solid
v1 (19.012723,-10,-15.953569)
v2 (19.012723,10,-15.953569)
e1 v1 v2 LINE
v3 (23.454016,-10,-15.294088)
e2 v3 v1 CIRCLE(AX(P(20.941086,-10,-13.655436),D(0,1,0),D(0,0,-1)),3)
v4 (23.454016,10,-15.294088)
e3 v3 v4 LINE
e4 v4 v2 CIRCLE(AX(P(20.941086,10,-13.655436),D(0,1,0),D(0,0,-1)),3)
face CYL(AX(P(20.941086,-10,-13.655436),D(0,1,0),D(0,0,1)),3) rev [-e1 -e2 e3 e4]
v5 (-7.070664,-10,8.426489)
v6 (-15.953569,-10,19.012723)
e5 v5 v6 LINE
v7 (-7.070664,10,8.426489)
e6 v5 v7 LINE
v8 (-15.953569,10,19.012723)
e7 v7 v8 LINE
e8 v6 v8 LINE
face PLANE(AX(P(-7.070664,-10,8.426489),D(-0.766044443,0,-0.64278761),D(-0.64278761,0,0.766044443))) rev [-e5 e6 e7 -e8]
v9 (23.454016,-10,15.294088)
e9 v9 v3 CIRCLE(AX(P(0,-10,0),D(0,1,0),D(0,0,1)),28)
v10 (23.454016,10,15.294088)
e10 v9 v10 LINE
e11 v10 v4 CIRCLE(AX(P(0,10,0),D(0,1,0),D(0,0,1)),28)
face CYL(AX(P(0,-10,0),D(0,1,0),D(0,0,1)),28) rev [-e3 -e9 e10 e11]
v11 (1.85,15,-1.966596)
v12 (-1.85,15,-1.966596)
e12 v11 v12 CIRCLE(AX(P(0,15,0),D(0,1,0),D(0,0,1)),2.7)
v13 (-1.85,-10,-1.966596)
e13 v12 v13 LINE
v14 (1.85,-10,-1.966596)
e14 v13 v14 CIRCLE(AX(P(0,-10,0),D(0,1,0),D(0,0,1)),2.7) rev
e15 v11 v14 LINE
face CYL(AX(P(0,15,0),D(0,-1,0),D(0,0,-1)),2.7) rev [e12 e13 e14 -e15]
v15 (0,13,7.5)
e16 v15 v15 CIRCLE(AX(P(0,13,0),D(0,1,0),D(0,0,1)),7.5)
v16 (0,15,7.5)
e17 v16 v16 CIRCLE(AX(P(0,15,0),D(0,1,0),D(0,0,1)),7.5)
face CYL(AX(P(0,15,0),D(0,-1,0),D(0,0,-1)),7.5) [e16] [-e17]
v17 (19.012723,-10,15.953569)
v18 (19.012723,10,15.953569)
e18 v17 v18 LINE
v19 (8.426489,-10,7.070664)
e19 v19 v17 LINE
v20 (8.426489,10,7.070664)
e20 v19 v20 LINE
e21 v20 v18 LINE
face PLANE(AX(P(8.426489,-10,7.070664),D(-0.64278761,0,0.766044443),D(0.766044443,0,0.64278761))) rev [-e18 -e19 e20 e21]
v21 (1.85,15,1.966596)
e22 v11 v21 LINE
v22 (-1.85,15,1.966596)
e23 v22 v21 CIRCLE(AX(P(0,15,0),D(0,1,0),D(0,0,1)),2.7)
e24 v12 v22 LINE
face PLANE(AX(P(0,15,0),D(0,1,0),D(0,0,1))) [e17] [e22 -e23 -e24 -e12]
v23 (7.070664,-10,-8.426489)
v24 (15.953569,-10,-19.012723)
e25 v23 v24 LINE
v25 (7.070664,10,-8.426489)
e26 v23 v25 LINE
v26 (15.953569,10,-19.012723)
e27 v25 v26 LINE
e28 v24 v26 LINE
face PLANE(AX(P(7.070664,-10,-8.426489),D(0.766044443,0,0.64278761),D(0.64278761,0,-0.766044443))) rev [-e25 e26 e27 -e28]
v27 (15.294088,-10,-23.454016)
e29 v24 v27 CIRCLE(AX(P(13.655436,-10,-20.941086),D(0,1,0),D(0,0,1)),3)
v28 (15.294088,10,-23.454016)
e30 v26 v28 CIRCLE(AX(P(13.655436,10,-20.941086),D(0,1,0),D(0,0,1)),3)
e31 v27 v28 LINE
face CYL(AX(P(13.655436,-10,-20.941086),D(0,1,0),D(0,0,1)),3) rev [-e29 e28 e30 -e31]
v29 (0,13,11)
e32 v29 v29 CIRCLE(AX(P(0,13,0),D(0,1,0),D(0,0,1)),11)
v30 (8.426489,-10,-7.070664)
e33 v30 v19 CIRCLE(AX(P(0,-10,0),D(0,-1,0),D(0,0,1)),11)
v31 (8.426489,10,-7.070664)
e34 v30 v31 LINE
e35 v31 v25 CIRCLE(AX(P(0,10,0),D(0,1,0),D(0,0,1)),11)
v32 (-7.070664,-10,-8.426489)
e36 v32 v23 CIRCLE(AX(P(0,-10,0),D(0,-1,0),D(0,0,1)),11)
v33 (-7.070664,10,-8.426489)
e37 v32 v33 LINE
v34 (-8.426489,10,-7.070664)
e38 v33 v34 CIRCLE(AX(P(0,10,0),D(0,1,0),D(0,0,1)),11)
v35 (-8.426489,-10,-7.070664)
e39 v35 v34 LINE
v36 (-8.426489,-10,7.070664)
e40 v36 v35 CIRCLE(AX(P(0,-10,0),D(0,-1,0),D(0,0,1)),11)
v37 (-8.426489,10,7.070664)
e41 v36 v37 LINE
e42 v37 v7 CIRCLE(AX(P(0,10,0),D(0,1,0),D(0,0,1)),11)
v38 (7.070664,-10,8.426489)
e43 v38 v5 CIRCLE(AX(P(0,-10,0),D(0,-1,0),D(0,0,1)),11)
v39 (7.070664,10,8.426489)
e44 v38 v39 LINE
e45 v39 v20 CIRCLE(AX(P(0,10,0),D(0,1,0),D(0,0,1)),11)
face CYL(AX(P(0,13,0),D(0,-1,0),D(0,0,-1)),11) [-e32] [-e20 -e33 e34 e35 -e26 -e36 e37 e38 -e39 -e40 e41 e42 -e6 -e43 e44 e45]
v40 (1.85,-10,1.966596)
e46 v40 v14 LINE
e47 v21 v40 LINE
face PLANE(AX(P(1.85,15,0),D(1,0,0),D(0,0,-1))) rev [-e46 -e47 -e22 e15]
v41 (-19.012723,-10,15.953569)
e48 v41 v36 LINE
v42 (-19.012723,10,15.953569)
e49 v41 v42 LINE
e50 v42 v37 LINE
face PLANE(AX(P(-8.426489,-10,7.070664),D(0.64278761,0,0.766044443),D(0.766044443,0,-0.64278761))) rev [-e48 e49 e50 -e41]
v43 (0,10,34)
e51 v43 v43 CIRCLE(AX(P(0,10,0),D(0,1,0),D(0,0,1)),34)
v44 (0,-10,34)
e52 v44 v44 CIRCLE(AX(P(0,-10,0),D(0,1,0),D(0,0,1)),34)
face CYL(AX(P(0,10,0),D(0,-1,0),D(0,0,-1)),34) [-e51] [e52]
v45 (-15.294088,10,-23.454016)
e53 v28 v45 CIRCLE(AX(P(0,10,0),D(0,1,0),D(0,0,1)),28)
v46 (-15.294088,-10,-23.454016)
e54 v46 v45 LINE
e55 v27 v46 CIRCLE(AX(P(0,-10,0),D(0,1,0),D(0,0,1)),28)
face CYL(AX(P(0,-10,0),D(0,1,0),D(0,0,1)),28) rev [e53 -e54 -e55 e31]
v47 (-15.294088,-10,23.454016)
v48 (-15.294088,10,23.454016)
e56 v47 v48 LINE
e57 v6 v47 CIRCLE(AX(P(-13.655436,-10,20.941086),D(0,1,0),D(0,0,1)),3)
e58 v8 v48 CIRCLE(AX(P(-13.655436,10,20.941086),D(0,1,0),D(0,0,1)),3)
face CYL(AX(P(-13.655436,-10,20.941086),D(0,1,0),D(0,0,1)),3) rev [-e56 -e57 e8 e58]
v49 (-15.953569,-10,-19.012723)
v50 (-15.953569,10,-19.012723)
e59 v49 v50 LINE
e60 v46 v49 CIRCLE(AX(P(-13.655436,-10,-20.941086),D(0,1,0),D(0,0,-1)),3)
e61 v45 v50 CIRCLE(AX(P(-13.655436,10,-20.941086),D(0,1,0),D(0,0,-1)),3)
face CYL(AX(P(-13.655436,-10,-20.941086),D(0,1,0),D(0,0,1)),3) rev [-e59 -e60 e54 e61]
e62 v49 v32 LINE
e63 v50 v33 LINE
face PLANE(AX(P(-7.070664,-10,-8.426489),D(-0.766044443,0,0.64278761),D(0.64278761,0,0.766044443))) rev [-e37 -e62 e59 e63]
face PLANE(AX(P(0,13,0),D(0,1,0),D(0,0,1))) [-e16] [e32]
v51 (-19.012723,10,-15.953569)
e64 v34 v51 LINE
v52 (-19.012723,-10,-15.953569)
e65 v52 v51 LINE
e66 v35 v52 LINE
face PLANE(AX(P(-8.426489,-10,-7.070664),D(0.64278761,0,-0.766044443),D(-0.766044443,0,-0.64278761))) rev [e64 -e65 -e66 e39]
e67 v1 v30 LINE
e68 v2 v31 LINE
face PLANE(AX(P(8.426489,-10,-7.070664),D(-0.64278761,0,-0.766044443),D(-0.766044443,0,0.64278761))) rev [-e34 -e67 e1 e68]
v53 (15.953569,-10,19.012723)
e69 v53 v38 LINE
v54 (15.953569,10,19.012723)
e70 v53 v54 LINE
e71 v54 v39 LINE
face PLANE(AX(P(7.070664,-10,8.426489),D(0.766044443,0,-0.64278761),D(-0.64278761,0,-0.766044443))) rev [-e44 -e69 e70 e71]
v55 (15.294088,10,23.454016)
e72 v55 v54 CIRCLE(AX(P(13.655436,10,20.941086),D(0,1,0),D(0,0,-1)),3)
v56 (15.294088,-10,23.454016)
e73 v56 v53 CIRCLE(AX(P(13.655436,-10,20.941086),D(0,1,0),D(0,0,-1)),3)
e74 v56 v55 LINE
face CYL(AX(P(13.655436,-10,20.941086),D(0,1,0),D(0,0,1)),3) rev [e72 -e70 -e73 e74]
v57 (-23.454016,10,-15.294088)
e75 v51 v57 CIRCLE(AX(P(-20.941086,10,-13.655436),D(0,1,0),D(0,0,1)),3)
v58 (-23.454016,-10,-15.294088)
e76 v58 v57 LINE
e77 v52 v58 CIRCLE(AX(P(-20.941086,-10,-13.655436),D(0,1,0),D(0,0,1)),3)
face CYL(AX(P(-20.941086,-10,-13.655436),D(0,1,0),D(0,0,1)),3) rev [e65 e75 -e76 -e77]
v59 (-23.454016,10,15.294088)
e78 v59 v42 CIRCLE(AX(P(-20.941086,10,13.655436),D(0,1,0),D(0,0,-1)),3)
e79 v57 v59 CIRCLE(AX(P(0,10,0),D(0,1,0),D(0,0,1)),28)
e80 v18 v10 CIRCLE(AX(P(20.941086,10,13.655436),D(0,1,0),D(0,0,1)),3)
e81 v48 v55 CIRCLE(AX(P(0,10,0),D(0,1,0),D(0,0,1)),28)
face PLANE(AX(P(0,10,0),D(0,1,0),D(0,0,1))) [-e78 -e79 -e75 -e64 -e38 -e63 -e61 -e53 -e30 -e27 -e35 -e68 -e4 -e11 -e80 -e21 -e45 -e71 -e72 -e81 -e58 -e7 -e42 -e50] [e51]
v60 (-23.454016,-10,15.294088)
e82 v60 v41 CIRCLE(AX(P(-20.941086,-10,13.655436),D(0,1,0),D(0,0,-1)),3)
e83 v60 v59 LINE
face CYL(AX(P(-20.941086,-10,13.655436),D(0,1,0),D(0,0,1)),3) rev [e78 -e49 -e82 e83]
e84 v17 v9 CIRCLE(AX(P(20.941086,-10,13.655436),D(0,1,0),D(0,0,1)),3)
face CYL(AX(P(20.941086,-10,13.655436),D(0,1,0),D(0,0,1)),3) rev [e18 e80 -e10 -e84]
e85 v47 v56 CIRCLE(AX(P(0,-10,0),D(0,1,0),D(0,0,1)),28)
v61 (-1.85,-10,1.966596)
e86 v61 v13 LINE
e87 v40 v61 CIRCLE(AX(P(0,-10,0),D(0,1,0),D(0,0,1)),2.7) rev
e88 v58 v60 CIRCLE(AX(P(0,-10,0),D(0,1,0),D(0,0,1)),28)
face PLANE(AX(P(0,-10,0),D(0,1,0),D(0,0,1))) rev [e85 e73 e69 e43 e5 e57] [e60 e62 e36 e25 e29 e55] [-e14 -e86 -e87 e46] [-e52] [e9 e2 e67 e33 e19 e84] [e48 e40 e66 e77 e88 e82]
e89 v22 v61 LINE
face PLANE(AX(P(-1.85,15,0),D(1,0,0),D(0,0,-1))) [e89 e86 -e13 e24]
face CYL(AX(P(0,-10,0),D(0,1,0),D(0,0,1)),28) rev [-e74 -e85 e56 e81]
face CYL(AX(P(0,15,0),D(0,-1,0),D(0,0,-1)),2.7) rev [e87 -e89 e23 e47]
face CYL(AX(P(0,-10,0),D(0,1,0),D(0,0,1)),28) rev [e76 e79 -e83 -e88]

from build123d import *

# Parameters (mm, degrees)
SKETCH_1_R          = 34
SKETCH_1_R_2        = 11
EXTRUDE_1_DEPTH     = 10
SKETCH_1_3_R        = 11
SKETCH_1_3_R_2      = 7.5
EXTRUDE_2_DEPTH     = 13
SKETCH_1_4_R        = 7.5
SKETCH_1_4_R_2      = 2.7
EXTRUDE_3_DEPTH     = 15
EXTRUDE_START       = -10
SKETCH_1_6_R        = 11
SKETCH_1_6_R_2      = 7.5
SKETCH_1_6_R_3      = 2.7
EXTRUDE_4_DEPTH     = 10
CUT_EXTRUDE_1_DEPTH = 53.076866265


with BuildPart() as part:
    # 草图1 → 凸台-拉伸1 (new, symmetric)
    with BuildSketch(Plane(origin=(0, 0, 0), x_dir=(1, 0, 0), z_dir=(0, 1, 0))):
        with Locations(Location((0, 0, 0), (0, 0, 270))):
            Circle(SKETCH_1_R)
        with Locations(Location((0, 0, 0), (0, 0, 270))):
            Circle(SKETCH_1_R_2, mode=Mode.SUBTRACT)
    extrude(amount=EXTRUDE_1_DEPTH, both=True)

    # 草图1<3> → 凸台-拉伸2 (add)
    with BuildSketch(Plane(origin=(0, 0, 0), x_dir=(1, 0, 0), z_dir=(0, 1, 0))):
        with Locations(Location((0, 0, 0), (0, 0, 270))):
            Circle(SKETCH_1_3_R)
        with Locations(Location((0, 0, 0), (0, 0, 90))):
            Circle(SKETCH_1_3_R_2, mode=Mode.SUBTRACT)
    extrude(amount=EXTRUDE_2_DEPTH)

    # 草图1<4> → 凸台-拉伸3 (add)
    # profile 1 of 3: a face of its own
    with BuildSketch(Plane(origin=(0, 0, 0), x_dir=(1, 0, 0), z_dir=(0, 1, 0))):
        with Locations(Location((0, 0, 0), (0, 0, 270))):
            Circle(SKETCH_1_4_R)
        Circle(SKETCH_1_4_R_2, mode=Mode.SUBTRACT)
    # profile 2 of 3: a face of its own
    with BuildSketch(Plane(origin=(0, 0, 0), x_dir=(1, 0, 0), z_dir=(0, 1, 0))):
        with BuildLine():
            ThreePointArc((2.7, 0), (2.478406746, 1.071214264), (1.85, 1.966596044))
            Line((1.85, 1.966596044), (1.85, -1.966596044))
            ThreePointArc((1.85, -1.966596044), (2.478406746, -1.071214264), (2.7, 0))
        make_face()
    # profile 3 of 3: a face of its own
    with BuildSketch(Plane(origin=(0, 0, 0), x_dir=(1, 0, 0), z_dir=(0, 1, 0))):
        with BuildLine():
            Line((-1.85, -1.966596044), (-1.85, 1.966596044))
            ThreePointArc((-1.85, 1.966596044), (-2.7, 0), (-1.85, -1.966596044))
        make_face()
    extrude(amount=EXTRUDE_3_DEPTH)

    # 草图1<6> → 凸台-拉伸4 (add)
    # profile 1 of 4: a face of its own
    with BuildSketch(Plane(origin=(0, 0, 0), x_dir=(1, 0, 0), z_dir=(0, 1, 0)).offset(EXTRUDE_START)):
        with Locations(Location((0, 0, 0), (0, 0, 90))):
            Circle(SKETCH_1_6_R)
        with Locations(Location((0, 0, 0), (0, 0, 270))):
            Circle(SKETCH_1_6_R_2, mode=Mode.SUBTRACT)
    # profile 2 of 4: a face of its own
    with BuildSketch(Plane(origin=(0, 0, 0), x_dir=(1, 0, 0), z_dir=(0, 1, 0)).offset(EXTRUDE_START)):
        with Locations(Location((0, 0, 0), (0, 0, 270))):
            Circle(SKETCH_1_6_R_2)
        Circle(SKETCH_1_6_R_3, mode=Mode.SUBTRACT)
    # profile 3 of 4: a face of its own
    with BuildSketch(Plane(origin=(0, 0, 0), x_dir=(1, 0, 0), z_dir=(0, 1, 0)).offset(EXTRUDE_START)):
        with BuildLine():
            Line((-1.85, -1.966596044), (-1.85, 1.966596044))
            ThreePointArc((-1.85, 1.966596044), (-2.7, 0), (-1.85, -1.966596044))
        make_face()
    # profile 4 of 4: a face of its own
    with BuildSketch(Plane(origin=(0, 0, 0), x_dir=(1, 0, 0), z_dir=(0, 1, 0)).offset(EXTRUDE_START)):
        with BuildLine():
            ThreePointArc((2.7, 0), (2.478406746, 1.071214264), (1.85, 1.966596044))
            Line((1.85, 1.966596044), (1.85, -1.966596044))
            ThreePointArc((1.85, -1.966596044), (2.478406746, -1.071214264), (2.7, 0))
        make_face()
    extrude(amount=EXTRUDE_4_DEPTH)

    # 草图2 → 切除-拉伸1 (cut, through all)
    with BuildSketch(Plane(origin=(0, 10, 0), x_dir=(1, 0, 0), z_dir=(0, 1, 0))):
        with BuildLine():
            Line((-7.070663707, 8.426488874), (-15.95356892, 19.012723075))
            ThreePointArc((-15.95356892, 19.012723075), (-16.62289939, 21.381720221), (-15.294087861, 23.454016212))
            ThreePointArc((-15.294087861, 23.454016212), (0, 28), (15.294087861, 23.454016212))
            ThreePointArc((15.294087861, 23.454016212), (16.62289939, 21.381720221), (15.95356892, 19.012723075))
            Line((15.95356892, 19.012723075), (7.070663707, 8.426488874))
            ThreePointArc((7.070663707, 8.426488874), (0, 11), (-7.070663707, 8.426488874))
        make_face()
        with BuildLine():
            Line((8.426488874, -7.070663707), (19.012723075, -15.95356892))
            ThreePointArc((19.012723075, -15.95356892), (21.381720221, -16.62289939), (23.454016212, -15.294087861))
            ThreePointArc((23.454016212, -15.294087861), (28, 0), (23.454016212, 15.294087861))
            ThreePointArc((23.454016212, 15.294087861), (21.381720221, 16.62289939), (19.012723075, 15.95356892))
            Line((19.012723075, 15.95356892), (8.426488874, 7.070663707))
            ThreePointArc((8.426488874, 7.070663707), (11, 0), (8.426488874, -7.070663707))
        make_face()
        with BuildLine():
            Line((-7.070663707, -8.426488874), (-15.95356892, -19.012723075))
            ThreePointArc((-15.95356892, -19.012723075), (-16.62289939, -21.381720221), (-15.294087861, -23.454016212))
            ThreePointArc((-15.294087861, -23.454016212), (0, -28), (15.294087861, -23.454016212))
            ThreePointArc((15.294087861, -23.454016212), (16.62289939, -21.381720221), (15.95356892, -19.012723075))
            Line((15.95356892, -19.012723075), (7.070663707, -8.426488874))
            ThreePointArc((7.070663707, -8.426488874), (0, -11), (-7.070663707, -8.426488874))
        make_face()
        with BuildLine():
            Line((-8.426488874, 7.070663707), (-19.012723075, 15.95356892))
            ThreePointArc((-19.012723075, 15.95356892), (-21.381720221, 16.62289939), (-23.454016212, 15.294087861))
            ThreePointArc((-23.454016212, 15.294087861), (-28, 0), (-23.454016212, -15.294087861))
            ThreePointArc((-23.454016212, -15.294087861), (-21.381720221, -16.62289939), (-19.012723075, -15.95356892))
            Line((-19.012723075, -15.95356892), (-8.426488874, -7.070663707))
            ThreePointArc((-8.426488874, -7.070663707), (-11, 0), (-8.426488874, 7.070663707))
        make_face()
    extrude(amount=-CUT_EXTRUDE_1_DEPTH, mode=Mode.SUBTRACT)


solid = part.part
